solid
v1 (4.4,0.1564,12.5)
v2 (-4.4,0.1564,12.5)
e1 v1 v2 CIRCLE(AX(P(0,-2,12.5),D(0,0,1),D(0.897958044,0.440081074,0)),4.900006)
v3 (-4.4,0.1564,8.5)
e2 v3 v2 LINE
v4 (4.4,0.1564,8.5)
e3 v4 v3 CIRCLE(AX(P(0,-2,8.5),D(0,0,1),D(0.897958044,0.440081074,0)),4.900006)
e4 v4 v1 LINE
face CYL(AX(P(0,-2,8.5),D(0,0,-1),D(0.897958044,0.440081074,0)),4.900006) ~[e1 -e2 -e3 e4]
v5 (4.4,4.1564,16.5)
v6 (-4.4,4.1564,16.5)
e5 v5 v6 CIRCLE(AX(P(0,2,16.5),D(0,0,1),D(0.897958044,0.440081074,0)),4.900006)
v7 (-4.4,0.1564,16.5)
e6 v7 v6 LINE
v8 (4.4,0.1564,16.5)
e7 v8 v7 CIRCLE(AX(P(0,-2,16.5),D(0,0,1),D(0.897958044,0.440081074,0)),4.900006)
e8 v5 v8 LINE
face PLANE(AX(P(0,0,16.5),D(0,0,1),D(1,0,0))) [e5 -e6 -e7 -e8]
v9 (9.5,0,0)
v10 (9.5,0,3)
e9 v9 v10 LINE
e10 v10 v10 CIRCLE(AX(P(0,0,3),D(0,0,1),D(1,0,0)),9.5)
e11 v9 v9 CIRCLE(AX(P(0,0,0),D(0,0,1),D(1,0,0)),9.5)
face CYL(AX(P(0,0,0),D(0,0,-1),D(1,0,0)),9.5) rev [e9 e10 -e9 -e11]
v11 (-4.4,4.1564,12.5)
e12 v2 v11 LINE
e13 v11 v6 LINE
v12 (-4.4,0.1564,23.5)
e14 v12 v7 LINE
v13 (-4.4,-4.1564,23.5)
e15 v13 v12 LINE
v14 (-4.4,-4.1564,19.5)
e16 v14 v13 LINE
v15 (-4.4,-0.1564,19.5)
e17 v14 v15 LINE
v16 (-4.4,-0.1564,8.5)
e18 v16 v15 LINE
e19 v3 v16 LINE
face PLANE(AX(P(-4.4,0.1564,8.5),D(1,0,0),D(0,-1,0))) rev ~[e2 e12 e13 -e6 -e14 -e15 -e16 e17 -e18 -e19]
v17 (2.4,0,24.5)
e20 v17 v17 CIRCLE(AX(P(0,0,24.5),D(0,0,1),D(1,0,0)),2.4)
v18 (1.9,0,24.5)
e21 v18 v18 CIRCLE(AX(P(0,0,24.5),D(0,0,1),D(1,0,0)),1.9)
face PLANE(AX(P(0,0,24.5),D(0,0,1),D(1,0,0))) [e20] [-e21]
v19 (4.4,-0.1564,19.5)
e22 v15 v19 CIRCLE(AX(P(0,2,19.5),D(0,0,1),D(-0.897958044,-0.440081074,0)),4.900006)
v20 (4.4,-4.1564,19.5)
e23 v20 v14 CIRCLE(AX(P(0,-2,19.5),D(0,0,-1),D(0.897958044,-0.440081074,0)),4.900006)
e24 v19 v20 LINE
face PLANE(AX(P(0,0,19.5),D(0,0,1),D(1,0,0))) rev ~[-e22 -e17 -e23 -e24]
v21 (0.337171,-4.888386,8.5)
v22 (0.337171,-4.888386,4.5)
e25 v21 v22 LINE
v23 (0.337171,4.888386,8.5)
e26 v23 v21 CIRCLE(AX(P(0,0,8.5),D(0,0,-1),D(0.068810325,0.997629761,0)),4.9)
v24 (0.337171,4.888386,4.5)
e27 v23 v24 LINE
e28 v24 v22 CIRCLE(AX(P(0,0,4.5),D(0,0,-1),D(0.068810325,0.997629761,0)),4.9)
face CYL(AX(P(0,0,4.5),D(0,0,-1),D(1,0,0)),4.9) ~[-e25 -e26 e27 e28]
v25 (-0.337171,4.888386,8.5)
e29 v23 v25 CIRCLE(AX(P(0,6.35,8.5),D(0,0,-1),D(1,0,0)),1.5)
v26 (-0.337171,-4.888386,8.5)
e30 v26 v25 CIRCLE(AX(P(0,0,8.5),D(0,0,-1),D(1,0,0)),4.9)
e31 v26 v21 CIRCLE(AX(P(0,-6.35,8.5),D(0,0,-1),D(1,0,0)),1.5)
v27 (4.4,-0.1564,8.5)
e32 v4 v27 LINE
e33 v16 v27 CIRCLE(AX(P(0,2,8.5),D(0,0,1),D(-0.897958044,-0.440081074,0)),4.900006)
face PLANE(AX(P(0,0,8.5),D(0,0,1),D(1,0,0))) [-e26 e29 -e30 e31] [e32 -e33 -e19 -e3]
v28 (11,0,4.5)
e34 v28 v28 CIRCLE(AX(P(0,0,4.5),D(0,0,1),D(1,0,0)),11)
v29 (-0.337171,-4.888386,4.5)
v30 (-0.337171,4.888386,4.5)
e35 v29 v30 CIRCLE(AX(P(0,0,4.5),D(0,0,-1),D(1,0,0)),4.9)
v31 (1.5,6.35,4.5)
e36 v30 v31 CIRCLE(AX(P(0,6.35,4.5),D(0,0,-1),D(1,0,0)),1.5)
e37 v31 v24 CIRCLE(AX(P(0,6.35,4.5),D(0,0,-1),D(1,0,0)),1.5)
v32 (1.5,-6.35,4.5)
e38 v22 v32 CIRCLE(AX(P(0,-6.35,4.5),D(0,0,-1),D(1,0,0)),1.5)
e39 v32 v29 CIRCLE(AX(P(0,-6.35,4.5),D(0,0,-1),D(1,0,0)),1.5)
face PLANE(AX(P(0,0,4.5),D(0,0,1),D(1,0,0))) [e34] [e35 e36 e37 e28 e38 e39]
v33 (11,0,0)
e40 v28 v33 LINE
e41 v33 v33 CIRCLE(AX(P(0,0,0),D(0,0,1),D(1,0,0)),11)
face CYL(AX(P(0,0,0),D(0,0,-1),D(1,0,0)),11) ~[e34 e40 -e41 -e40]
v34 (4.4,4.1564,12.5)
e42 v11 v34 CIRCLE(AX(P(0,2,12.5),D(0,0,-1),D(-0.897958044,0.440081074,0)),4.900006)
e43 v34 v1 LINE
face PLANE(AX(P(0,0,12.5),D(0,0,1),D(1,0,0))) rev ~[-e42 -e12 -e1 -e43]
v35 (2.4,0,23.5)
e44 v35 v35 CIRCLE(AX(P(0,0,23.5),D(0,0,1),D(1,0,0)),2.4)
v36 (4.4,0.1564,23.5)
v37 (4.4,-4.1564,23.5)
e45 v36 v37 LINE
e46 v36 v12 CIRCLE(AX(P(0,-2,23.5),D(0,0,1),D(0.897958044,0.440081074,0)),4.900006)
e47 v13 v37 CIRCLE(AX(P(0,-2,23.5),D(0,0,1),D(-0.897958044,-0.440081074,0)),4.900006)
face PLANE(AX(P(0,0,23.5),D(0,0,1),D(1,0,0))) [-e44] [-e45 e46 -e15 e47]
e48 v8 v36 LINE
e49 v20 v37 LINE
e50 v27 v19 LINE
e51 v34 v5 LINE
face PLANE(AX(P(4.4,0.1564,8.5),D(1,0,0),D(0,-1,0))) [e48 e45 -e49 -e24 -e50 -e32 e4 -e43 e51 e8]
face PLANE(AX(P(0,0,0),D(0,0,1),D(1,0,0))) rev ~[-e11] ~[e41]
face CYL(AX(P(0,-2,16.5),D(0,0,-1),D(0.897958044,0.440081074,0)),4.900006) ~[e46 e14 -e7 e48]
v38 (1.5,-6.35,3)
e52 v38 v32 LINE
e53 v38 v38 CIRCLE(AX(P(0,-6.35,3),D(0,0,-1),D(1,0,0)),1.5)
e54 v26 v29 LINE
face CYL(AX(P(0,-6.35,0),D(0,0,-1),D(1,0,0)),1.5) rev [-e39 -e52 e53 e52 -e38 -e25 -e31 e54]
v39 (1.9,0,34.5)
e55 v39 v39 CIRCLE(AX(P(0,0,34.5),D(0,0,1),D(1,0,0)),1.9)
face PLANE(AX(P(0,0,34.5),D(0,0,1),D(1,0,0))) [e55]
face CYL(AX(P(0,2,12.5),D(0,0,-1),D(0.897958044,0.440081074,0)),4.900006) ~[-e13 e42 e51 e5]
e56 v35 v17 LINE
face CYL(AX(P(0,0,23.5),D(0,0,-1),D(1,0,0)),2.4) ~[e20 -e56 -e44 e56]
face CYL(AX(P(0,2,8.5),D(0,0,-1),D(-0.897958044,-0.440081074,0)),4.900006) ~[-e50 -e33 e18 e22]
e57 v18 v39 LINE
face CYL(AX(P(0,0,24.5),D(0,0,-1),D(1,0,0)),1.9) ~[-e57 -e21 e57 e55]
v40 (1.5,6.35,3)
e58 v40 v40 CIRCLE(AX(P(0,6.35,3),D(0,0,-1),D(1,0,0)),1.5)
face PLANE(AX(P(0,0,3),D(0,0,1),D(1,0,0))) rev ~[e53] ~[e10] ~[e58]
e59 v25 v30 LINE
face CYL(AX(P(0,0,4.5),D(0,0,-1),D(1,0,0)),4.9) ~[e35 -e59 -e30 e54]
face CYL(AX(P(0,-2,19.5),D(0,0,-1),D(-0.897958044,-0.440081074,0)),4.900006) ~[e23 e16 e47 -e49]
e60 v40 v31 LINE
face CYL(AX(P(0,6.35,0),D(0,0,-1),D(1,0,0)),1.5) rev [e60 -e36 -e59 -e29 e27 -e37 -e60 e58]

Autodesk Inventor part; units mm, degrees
ref_plane "YZ Plane" through (0, 0, 0) normal (1, 0, 0) x (0, 1, 0)
ref_plane "XZ Plane" through (0, 0, 0) normal (0, 1, 0) x (-1, 0, 0)
ref_plane "XY Plane" through (0, 0, 0) normal (0, 0, 1) x (1, 0, 0)
sketch "Skizze1" plane through (0, 0, 0) normal (0, 0, 1) x (1, 0, 0)
  line L0 (0, 15.4) -> (0, -15.4) construction
  line L1 (-15.4, 0) -> (15.4, 0) construction
  circle A0 centre (0, 0) radius 1.9
  arc A1 (-4.4, -4.1564) -> (4.4, -4.1564) centre (0, -2) ccw
  line L2 (0, 2) -> (0, 0) construction
  line L3 (0, 0) -> (2, 0) construction
  arc A2 (-4.4, -0.1564) -> (4.4, -0.1564) centre (0, 2) ccw
  arc A3 (4.4, 0.1564) -> (-4.4, 0.1564) centre (0, -2) ccw
  line L4 (0, 0) -> (0, -2) construction
  circle A4 centre (0, 0) radius 9.5
  circle A5 centre (0, 0) radius 11
  circle A6 centre (0, 0) radius 6.35 construction
  circle A7 centre (0, -6.35) radius 1.5
  circle A8 centre (0, 6.35) radius 1.5
  line L5 (0, -6.35) -> (0, 0) construction
  line L6 (0, 0) -> (-6.35, 0) construction
  line L7 (4.4, 4.1564) -> (4.4, -4.1564)
  line L8 (-4.4, 4.1564) -> (-4.4, -4.1564)
  line L9 (4.9, 2) -> (4.9, -2) construction
  arc A9 (4.4, 4.1564) -> (-4.4, 4.1564) centre (0, 2) ccw
  arc A10 (4.4, -0.1564) -> (4.4, 4.1564) centre (0, 2) ccw construction
  arc A11 (4.4, -4.1564) -> (4.4, 0.1564) centre (0, -2) ccw construction
  arc A12 (-4.4, 4.1564) -> (-4.4, -0.1564) centre (0, 2) ccw construction
  arc A13 (-4.4, 0.1564) -> (-4.4, -4.1564) centre (0, -2) ccw construction
  line L10 (-4.9, 2) -> (-4.9, -2) construction
  circle A14 centre (0, 0) radius 2.4
  circle A15 centre (0, 2) radius 5.9
  circle A16 centre (0, -6.35) radius 2.5
  circle A17 centre (0, 6.35) radius 2.5
  circle A18 centre (0, -2) radius 5.9
  circle A19 centre (0, 0) radius 4.9
  dimension "d0" = 3.8
  dimension "d1" = 2
  dimension "d14" = 2
  dimension "d15" = 180
  dimension "d16" = 9.5
  dimension "d17" = 1.5
  dimension "d20" = 6.35
  dimension "d21" = 3
  dimension "d26" = 0.5
  dimension "d27" = 0.5
  dimension "d28" = 4.9
  dimension "d31" = 0.5
  dimension "d34" = 1
  dimension "d37" = 1
  dimension "d40" = 1
extrude "Extrusion6" add sketch "Skizze1" along normal blind 3 contours A5
extrude "Extrusion7" add sketch "Skizze1" along normal blind 1.5 from surface at 3 contours A0 | L8 A19 A16 A1 | A1 A16 A18 A15 A19 L8 | A16 A19 A7 A1 | A1 A7 A16 A18 | A19 A15 L8 | L8 A15 A16 A19 | A7 A19 A1 | A1 A7 | A16 A15 A19 A7 | A18 A16 | A15 A19 A18 L8 | L8 A2 L7 A15 A16 | A15 A18 A19 | A7 A19 A16 A1 | A7 A19 | A16 A15 | A16 A1 L7 A19 A15 A18 | A15 A17 A9 L8 A19 A18 | L8 A3 L7 A2 | A19 L8 A18 | A16 A19 L7 A1 | A15 L7 A19 A16 | A17 A15 | A15 A17 A9 A8 | L7 A18 A19 A15 | L8 A18 A17 L7 A3 | L8 A19 A17 A18 | L8 A9 A17 A19 | A15 A19 L7 | A18 A19 L7 A9 A17 A15 | A15 A19 A18 | A9 A8 A19 A17 | A18 A17 | A17 A19 A8 A18 | A18 L7 A19 | A9 A8 A19 | A8 A9 | A18 A17 A19 L7 | A19 A8 | A19 A17 A9 L7 | A17 A19 A8 A9 | A4 | A5 | A14
extrude "Extrusion15" add sketch "Skizze1" along normal blind 4 from surface at 4.5 contours A0 | A19 A15 L8 | L8 A15 A16 A19 | A16 A15 A19 A7 | A15 A19 A18 L8 | L8 A2 L7 A15 A16 | A7 A19 | A16 A15 | L8 A3 L7 A2 | A19 L8 A18 | A15 L7 A19 A16 | L7 A18 A19 A15 | L8 A18 A17 L7 A3 | L8 A19 A17 A18 | A15 A19 L7 | A18 A17 | A17 A19 A8 A18 | A18 L7 A19 | A18 A17 A19 L7 | A19 A8 | A14
extrude "Extrusion8" cut sketch "Skizze1" along normal through all both and the other way through all contours A7 A19 A1 | A1 A7 | A7 A19 | A9 A8 A19 | A8 A9 | A19 A8
extrude "Extrusion16" add sketch "Skizze1" along normal blind 4 from surface at 8.5 contours A0 | L8 A3 L7 A2 | A14
extrude "Extrusion12" cut sketch "Skizze1" along normal blind 3 from surface at 12.5 contours A16 A19 A7 A1 | A1 A7 A16 A18 | A16 A15 A19 A7 | A18 A16 | A7 A19 A16 A1 | A16 A15 | A17 A15 | A15 A17 A9 A8 | A9 A8 A19 A17 | A18 A17 | A17 A19 A8 A18 | A9 A8 A19 | A8 A9 | A19 A8 | A17 A19 A8 A9
extrude "Extrusion2" add sketch "Skizze1" along normal blind 4 from surface at 12.5 contours A0 | L8 A3 L7 A2 | L8 A18 A17 L7 A3 | L8 A19 A17 A18 | L8 A9 A17 A19 | A9 A8 A19 A17 | A18 A17 | A17 A19 A8 A18 | A9 A8 A19 | A18 A17 A19 L7 | A19 A8 | A19 A17 A9 L7 | A17 A19 A8 A9 | A14
extrude "Extrusion3" add sketch "Skizze1" along normal blind 3 from surface at 16.5 contours A0 | L8 A3 L7 A2 | A14
extrude "Extrusion4" add sketch "Skizze1" along normal blind 4 from surface at 19.5 contours A0 | L8 A19 A16 A1 | A16 A19 A7 A1 | L8 A15 A16 A19 | A7 A19 A1 | A16 A15 A19 A7 | L8 A2 L7 A15 A16 | A7 A19 A16 A1 | A7 A19 | A16 A15 | L8 A3 L7 A2 | A16 A19 L7 A1 | A15 L7 A19 A16 | A14
extrude "Extrusion10" add sketch "Skizze1" along normal blind 1 from surface at 23.5 contours A0 | A14
extrude "Extrusion14" add sketch "Skizze1" along normal blind 10 from surface at 24.5 contours A0
equation "\"d14\" = d1"
equation "\"d27\" = d26"
properties part number "ExcentricShaft"
